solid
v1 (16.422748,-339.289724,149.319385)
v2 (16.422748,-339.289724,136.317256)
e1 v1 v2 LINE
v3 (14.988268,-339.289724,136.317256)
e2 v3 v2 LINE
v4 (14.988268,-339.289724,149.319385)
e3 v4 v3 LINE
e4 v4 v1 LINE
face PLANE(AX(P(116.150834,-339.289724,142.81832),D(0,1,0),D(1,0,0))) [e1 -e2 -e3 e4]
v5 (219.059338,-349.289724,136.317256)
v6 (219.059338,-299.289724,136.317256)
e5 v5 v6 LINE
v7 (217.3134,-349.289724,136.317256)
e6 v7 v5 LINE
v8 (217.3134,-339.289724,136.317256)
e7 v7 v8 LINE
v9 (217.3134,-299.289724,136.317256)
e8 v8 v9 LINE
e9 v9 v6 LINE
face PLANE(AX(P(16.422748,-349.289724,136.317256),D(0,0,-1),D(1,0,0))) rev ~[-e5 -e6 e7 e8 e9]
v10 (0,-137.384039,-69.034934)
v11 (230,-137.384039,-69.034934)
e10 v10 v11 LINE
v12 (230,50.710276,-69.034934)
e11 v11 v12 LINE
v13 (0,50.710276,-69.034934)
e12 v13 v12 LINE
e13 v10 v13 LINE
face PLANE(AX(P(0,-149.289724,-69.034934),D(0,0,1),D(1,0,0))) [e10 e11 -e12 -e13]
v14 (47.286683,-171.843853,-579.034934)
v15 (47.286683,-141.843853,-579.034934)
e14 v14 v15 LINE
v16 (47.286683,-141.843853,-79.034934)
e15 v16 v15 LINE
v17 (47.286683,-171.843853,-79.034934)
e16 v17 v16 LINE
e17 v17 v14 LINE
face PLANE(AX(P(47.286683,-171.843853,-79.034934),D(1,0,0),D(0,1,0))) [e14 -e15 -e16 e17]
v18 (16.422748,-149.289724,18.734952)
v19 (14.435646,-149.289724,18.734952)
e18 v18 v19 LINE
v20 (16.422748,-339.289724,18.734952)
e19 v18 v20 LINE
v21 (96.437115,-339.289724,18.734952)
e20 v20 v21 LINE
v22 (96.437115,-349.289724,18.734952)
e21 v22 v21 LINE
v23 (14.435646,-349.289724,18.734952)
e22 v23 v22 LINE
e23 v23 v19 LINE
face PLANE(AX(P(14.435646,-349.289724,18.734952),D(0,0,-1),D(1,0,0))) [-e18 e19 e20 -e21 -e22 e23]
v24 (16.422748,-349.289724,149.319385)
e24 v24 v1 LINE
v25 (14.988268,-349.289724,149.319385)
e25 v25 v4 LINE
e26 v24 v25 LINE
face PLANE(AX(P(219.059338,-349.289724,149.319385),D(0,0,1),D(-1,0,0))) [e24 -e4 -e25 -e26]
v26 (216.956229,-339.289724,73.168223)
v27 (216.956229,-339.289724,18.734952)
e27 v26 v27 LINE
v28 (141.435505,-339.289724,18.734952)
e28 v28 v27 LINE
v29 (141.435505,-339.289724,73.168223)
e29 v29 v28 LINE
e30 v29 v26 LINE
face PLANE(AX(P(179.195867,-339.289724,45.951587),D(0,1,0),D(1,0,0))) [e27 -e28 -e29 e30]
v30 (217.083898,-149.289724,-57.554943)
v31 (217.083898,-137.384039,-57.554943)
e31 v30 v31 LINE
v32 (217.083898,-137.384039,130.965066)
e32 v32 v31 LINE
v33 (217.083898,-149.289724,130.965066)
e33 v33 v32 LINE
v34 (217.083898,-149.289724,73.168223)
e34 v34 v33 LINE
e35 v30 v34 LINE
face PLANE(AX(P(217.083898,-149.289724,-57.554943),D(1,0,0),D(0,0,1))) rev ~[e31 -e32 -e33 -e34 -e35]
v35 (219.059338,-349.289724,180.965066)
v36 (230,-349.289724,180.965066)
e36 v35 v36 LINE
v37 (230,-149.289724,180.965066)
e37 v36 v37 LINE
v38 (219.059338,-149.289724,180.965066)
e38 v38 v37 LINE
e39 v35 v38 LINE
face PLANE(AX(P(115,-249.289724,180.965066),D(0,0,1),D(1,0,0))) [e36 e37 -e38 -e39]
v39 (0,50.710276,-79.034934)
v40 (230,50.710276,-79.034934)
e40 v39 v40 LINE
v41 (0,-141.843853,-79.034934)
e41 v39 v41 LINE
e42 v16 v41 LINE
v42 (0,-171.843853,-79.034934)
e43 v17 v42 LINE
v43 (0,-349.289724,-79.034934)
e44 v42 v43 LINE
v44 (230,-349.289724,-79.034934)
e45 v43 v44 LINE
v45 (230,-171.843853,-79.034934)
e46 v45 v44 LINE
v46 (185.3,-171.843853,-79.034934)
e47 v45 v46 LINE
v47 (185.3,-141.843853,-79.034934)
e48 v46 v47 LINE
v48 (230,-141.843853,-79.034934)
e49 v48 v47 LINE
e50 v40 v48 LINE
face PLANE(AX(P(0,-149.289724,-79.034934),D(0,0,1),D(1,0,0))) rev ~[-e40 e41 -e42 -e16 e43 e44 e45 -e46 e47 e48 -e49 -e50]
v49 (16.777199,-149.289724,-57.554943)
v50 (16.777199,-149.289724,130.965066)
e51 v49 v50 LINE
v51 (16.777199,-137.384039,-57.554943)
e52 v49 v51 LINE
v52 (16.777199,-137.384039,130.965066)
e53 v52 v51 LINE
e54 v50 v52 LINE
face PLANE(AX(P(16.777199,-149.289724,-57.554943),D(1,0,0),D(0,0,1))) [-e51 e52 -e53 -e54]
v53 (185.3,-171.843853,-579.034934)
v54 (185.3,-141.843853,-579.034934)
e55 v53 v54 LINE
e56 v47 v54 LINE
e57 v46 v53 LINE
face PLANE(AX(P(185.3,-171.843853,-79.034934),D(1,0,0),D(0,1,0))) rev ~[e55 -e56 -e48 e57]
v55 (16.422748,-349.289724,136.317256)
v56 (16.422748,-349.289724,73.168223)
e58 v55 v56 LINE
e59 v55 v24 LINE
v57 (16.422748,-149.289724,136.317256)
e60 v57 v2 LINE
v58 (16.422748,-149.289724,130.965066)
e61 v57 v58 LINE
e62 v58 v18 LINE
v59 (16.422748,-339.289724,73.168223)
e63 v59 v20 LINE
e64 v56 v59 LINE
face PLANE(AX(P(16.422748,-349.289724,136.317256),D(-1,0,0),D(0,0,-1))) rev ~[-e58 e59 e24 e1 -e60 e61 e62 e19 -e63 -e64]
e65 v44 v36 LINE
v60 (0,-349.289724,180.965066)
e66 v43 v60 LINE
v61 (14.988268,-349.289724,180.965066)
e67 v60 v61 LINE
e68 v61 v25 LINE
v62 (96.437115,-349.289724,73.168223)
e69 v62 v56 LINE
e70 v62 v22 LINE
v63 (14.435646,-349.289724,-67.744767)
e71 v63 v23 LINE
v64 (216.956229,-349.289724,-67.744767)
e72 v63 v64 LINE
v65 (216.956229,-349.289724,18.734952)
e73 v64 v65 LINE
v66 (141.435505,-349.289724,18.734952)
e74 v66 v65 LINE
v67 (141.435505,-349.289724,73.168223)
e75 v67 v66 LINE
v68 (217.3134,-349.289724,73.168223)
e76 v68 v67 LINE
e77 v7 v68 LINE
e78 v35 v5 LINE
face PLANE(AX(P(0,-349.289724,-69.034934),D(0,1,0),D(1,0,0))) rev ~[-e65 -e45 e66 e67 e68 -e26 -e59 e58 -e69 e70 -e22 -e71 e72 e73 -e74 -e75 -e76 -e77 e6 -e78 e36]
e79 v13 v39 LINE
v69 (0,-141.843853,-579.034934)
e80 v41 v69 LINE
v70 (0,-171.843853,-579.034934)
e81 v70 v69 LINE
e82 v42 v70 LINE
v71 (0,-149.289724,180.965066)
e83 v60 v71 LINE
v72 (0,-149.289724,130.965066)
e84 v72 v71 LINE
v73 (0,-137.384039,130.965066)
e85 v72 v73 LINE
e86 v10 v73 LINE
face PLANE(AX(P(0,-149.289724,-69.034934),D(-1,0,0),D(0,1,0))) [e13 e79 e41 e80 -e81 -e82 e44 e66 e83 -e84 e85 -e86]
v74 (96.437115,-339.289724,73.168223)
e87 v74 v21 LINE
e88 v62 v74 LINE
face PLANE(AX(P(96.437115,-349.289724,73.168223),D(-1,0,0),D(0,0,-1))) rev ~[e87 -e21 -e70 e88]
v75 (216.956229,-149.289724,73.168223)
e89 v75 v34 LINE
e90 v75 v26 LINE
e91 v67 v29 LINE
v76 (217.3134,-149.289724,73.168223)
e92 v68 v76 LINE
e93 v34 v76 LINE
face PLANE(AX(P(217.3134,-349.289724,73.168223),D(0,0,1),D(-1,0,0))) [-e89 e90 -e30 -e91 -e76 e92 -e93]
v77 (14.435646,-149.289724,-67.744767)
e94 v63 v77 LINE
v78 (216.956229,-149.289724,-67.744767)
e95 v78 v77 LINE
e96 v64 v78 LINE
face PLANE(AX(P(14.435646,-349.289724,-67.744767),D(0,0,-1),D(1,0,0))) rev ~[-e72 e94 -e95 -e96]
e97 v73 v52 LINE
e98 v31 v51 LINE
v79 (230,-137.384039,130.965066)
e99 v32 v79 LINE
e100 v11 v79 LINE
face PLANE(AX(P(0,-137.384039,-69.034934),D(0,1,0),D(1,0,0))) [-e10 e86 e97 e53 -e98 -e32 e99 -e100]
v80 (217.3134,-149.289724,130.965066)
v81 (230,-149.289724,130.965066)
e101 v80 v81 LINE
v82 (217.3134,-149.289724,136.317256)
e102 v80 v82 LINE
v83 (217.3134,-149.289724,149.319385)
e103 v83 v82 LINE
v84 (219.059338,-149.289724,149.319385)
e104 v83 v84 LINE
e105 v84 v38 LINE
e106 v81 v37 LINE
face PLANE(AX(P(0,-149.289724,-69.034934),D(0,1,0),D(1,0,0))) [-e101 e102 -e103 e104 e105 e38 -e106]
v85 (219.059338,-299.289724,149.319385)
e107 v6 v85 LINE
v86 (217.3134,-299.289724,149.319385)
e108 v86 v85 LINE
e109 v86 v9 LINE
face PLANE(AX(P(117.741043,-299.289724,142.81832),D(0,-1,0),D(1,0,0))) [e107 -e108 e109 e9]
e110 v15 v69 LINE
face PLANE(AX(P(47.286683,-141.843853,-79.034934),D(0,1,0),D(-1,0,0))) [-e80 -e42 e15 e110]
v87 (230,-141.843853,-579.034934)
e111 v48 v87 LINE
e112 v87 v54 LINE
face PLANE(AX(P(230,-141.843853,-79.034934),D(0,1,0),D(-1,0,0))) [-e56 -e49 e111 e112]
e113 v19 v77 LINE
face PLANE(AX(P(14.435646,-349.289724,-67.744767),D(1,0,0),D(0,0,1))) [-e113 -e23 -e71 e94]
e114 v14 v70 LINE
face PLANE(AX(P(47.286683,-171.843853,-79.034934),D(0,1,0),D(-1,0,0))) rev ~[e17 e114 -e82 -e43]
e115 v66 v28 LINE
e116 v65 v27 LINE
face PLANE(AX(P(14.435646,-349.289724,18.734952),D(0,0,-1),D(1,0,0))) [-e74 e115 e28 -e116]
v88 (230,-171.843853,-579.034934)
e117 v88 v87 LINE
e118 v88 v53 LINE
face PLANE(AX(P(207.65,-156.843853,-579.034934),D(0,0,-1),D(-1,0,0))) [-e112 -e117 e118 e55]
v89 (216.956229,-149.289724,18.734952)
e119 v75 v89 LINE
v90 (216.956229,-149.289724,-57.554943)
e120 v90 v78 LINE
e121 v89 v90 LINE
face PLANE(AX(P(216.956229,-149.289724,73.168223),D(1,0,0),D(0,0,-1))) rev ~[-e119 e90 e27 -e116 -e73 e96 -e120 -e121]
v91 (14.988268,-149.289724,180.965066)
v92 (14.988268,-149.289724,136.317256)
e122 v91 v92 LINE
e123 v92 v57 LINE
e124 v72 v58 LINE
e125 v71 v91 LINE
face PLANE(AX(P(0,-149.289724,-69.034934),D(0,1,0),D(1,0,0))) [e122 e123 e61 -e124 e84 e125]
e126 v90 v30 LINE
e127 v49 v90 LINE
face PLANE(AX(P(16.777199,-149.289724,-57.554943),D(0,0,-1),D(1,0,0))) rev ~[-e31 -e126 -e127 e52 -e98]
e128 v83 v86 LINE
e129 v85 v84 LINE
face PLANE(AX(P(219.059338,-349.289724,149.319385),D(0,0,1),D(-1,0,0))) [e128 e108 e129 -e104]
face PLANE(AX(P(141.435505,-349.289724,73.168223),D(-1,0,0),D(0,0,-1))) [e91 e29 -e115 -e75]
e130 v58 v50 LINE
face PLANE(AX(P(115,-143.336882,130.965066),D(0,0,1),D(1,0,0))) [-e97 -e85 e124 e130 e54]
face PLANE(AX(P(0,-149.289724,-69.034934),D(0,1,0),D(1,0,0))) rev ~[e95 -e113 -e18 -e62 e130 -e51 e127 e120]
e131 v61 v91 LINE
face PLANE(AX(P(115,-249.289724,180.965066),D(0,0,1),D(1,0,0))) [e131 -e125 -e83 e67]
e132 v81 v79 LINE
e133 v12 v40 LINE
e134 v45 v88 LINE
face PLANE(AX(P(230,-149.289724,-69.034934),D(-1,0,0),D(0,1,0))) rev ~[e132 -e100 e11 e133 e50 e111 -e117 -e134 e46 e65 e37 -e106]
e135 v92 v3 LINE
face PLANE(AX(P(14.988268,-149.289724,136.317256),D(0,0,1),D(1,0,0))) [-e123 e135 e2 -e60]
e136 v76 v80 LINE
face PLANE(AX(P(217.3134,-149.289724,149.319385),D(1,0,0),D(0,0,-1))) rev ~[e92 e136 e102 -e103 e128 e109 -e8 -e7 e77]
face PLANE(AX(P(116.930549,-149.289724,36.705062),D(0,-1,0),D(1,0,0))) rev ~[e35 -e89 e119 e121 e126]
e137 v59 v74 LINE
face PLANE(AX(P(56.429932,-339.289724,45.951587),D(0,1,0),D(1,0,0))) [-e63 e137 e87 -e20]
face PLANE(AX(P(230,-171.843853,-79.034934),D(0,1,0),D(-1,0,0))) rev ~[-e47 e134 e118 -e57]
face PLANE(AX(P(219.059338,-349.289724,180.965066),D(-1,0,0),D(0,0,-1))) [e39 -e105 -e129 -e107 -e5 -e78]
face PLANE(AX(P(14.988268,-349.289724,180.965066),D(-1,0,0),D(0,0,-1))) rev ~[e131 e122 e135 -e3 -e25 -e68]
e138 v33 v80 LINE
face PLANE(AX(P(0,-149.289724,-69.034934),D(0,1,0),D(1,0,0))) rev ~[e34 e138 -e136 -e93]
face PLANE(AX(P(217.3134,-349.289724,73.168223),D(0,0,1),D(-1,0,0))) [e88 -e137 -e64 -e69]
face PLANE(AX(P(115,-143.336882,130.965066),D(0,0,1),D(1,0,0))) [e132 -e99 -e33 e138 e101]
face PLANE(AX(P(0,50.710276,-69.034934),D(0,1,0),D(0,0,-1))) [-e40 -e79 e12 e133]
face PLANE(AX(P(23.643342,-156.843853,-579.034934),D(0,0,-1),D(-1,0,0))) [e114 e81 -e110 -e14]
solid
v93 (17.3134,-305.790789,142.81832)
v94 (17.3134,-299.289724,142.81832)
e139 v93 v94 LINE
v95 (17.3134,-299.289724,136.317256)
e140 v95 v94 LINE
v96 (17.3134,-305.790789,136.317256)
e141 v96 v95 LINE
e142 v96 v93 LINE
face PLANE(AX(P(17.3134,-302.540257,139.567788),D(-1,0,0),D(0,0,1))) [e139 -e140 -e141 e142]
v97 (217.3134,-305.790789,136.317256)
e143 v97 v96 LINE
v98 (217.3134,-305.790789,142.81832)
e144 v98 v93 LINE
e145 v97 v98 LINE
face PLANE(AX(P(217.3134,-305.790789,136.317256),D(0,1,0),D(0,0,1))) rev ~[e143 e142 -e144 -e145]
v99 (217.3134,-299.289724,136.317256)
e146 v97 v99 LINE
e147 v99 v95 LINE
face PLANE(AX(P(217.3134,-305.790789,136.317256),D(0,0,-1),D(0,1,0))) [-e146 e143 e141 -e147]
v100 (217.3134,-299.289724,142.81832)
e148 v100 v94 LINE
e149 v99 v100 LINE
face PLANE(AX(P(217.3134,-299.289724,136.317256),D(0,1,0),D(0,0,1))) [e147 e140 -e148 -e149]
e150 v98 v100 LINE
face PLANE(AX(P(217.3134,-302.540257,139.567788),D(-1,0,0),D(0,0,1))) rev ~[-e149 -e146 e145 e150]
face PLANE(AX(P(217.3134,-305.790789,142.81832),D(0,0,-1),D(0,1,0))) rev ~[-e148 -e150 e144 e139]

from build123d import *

# Parameters (mm, degrees)
SKETCH_1_W           = 10
SKETCH_1_H           = 200
EXTRUDE_1_DEPTH      = 230
SKETCH_3_W           = 230
SKETCH_3_H           = 10
EXTRUDE_2_DEPTH      = 200
SKETCH_4_W           = 230
SKETCH_4_H           = 200
EXTRUDE_3_DEPTH      = 250
SKETCH_5_W           = 39.107317094
SKETCH_5_H           = 28.520826202
EXTRUDE_4_DEPTH      = 600
SKETCH_6_W           = 42.946967528
SKETCH_6_H           = 25.292733119
EXTRUDE_5_DEPTH      = 600
SKETCH_8_W           = 204.071070321
SKETCH_8_H           = 31.645680933
CUT_EXTRUDE_1_DEPTH  = 600
SKETCH_9_W           = 200.890651603
SKETCH_9_H           = 63.14903284
CUT_EXTRUDE_2_DEPTH  = 600
SKETCH_10_W          = 202.520583334
SKETCH_10_H          = 86.479719268
CUT_EXTRUDE_3_DEPTH  = 600
SKETCH_11_W          = 44.998390002
SKETCH_11_H          = 54.43327072
CUT_EXTRUDE_4_DEPTH  = 600
SKETCH_12_W          = 80.01436718
SKETCH_12_H          = 54.43327072
CUT_EXTRUDE_6_DEPTH  = 190
SKETCH_13_W          = 75.520724131
SKETCH_13_H          = 54.43327072
CUT_EXTRUDE_7_DEPTH  = 190
SKETCH_14_W          = 202.325132129
SKETCH_14_H          = 13.002129503
CUT_EXTRUDE_8_DEPTH  = 190
SKETCH_15_W          = 230
SKETCH_15_H          = 11.90568545
EXTRUDE_6_DEPTH      = 200
SKETCH_16_W          = 200.306698776
SKETCH_16_H          = 188.520008931
CUT_EXTRUDE_9_DEPTH  = 50
SKETCH_17_W          = 202.636589795
SKETCH_17_H          = 13.002129503
CUT_EXTRUDE_10_DEPTH = 50
SKETCH_18_W          = 6.501064751
SKETCH_18_H          = 6.501064751
EXTRUDE_9_DEPTH      = 200
SKETCH_19_W          = 39.107317094
SKETCH_19_H          = 50
CUT_EXTRUDE_11_DEPTH = 1000
SKETCH_20_W          = 42.946967528
SKETCH_20_H          = 50
CUT_EXTRUDE_12_DEPTH = 1000
SKETCH_21_W          = 39.107317094
SKETCH_21_H          = 50
CUT_EXTRUDE_13_DEPTH = 1000
SKETCH_22_W          = 42.946967528
SKETCH_22_H          = 50
CUT_EXTRUDE_14_DEPTH = 1000
SKETCH_23_W          = 39.107317094
SKETCH_23_H          = 28.520826202
CUT_EXTRUDE_15_DEPTH = 500
SKETCH_24_W          = 42.946967528
SKETCH_24_H          = 25.292733119
CUT_EXTRUDE_16_DEPTH = 500
SKETCH_25_W          = 44.7
SKETCH_25_H          = 30
SKETCH_25_W_2        = 47.286683307
EXTRUDE_10_DEPTH     = 500


with BuildPart() as part:
    # 草图1 → 凸台-拉伸1 (new body)
    with BuildSketch(Plane(origin=(0, 0, 0), x_dir=(0, 0, -1), z_dir=(1, 0, 0))):
        with Locations((74.034934024, -49.289724413)):
            Rectangle(SKETCH_1_W, SKETCH_1_H)
    extrude(amount=EXTRUDE_1_DEPTH)

    # 草图3 → 凸台-拉伸2 (add)
    with BuildSketch(Plane.XZ.offset(149.289724413)):
        with Locations((115, -74.034934024)):
            Rectangle(SKETCH_3_W, SKETCH_3_H)
    extrude(amount=EXTRUDE_2_DEPTH)

    # 草图4 → 凸台-拉伸3 (add)
    with BuildSketch(Plane.XY.offset(-69.034934024)):
        with Locations((115, -249.289724413)):
            Rectangle(SKETCH_4_W, SKETCH_4_H)
    extrude(amount=EXTRUDE_3_DEPTH)

    # 草图5 → 凸台-拉伸4 (add)
    with BuildSketch(Plane(origin=(0, 0, -79.034934024), x_dir=(-1, 0, 0), z_dir=(0, 0, -1))):
        with Locations((-19.553658547, -97.170506203)):
            Rectangle(SKETCH_5_W, SKETCH_5_H)
    extrude(amount=EXTRUDE_4_DEPTH)

    # 草图6 → 凸台-拉伸5 (add)
    with BuildSketch(Plane(origin=(0, 0, -79.034934024), x_dir=(-1, 0, 0), z_dir=(0, 0, -1))):
        with Locations((-208.526516236, -89.203945076)):
            Rectangle(SKETCH_6_W, SKETCH_6_H)
    extrude(amount=EXTRUDE_5_DEPTH)

    # 草图8 → 切除-拉伸1 (cut)
    with BuildSketch(Plane(origin=(0, -349.289724413, 0), x_dir=(-1, 0, 0), z_dir=(0, -1, 0))):
        with Locations((-117.023802755, -165.14222551)):
            Rectangle(SKETCH_8_W, SKETCH_8_H)
    extrude(amount=-CUT_EXTRUDE_1_DEPTH, mode=Mode.SUBTRACT)

    # 草图9 → 切除-拉伸2 (cut)
    with BuildSketch(Plane(origin=(0, -349.289724413, 0), x_dir=(-1, 0, 0), z_dir=(0, -1, 0))):
        with Locations((-116.868073921, -104.74273912)):
            Rectangle(SKETCH_9_W, SKETCH_9_H)
    extrude(amount=-CUT_EXTRUDE_2_DEPTH, mode=Mode.SUBTRACT)

    # 草图10 → 切除-拉伸3 (cut)
    with BuildSketch(Plane.XZ.offset(349.289724413)):
        with Locations((115.695937766, -24.504907654)):
            Rectangle(SKETCH_10_W, SKETCH_10_H)
    extrude(amount=-CUT_EXTRUDE_3_DEPTH, mode=Mode.SUBTRACT)

    # 草图11 → 切除-拉伸4 (cut)
    with BuildSketch(Plane(origin=(0, -349.289724413, 0), x_dir=(-1, 0, 0), z_dir=(0, -1, 0))):
        with Locations((-118.936310301, -45.95158734)):
            Rectangle(SKETCH_11_W, SKETCH_11_H)
    extrude(amount=-CUT_EXTRUDE_4_DEPTH, mode=Mode.SUBTRACT)

    # 草图12 → 切除-拉伸6 (cut)
    with BuildSketch(Plane(origin=(0, -149.289724413, 0), x_dir=(1, 0, 0), z_dir=(0, 1, 0))):
        with Locations((56.42993171, -45.95158734)):
            Rectangle(SKETCH_12_W, SKETCH_12_H)
    extrude(amount=-CUT_EXTRUDE_6_DEPTH, mode=Mode.SUBTRACT)

    # 草图13 → 切除-拉伸7 (cut)
    with BuildSketch(Plane(origin=(0, -149.289724413, 0), x_dir=(1, 0, 0), z_dir=(0, 1, 0))):
        with Locations((179.195867368, -45.95158734)):
            Rectangle(SKETCH_13_W, SKETCH_13_H)
    extrude(amount=-CUT_EXTRUDE_7_DEPTH, mode=Mode.SUBTRACT)

    # 草图14 → 切除-拉伸8 (cut)
    with BuildSketch(Plane(origin=(0, -149.289724413, 0), x_dir=(1, 0, 0), z_dir=(0, 1, 0))):
        with Locations((116.150833659, -142.818320292)):
            Rectangle(SKETCH_14_W, SKETCH_14_H)
    extrude(amount=-CUT_EXTRUDE_8_DEPTH, mode=Mode.SUBTRACT)

    # 草图15 → 凸台-拉伸6 (add)
    with BuildSketch(Plane.XY.offset(-69.034934024)):
        with Locations((115, -143.336881688)):
            Rectangle(SKETCH_15_W, SKETCH_15_H)
    extrude(amount=EXTRUDE_6_DEPTH)

    # 草图16 → 切除-拉伸9 (cut)
    with BuildSketch(Plane.XZ.offset(149.289724413)):
        with Locations((116.930548552, 36.705061511)):
            Rectangle(SKETCH_16_W, SKETCH_16_H)
    extrude(amount=-CUT_EXTRUDE_9_DEPTH, mode=Mode.SUBTRACT)

    # 草图17 → 切除-拉伸10 (cut)
    with BuildSketch(Plane.XZ.offset(349.289724413)):
        with Locations((117.741043018, 142.818320292)):
            Rectangle(SKETCH_17_W, SKETCH_17_H)
    extrude(amount=-CUT_EXTRUDE_10_DEPTH, mode=Mode.SUBTRACT)

    # 草图19 → 切除-拉伸11 (cut)
    with BuildSketch(Plane(origin=(0, -82.910093102, 0), x_dir=(1, 0, 0), z_dir=(0, 1, 0))):
        with Locations((19.553658547, 654.034934024)):
            Rectangle(SKETCH_19_W, SKETCH_19_H)
    extrude(amount=-CUT_EXTRUDE_11_DEPTH, mode=Mode.SUBTRACT)

    # 草图20 → 切除-拉伸12 (cut)
    with BuildSketch(Plane(origin=(0, -76.557578516, 0), x_dir=(1, 0, 0), z_dir=(0, 1, 0))):
        with Locations((208.526516236, 654.034934024)):
            Rectangle(SKETCH_20_W, SKETCH_20_H)
    extrude(amount=-CUT_EXTRUDE_12_DEPTH, mode=Mode.SUBTRACT)

    # 草图21 → 切除-拉伸13 (cut)
    with BuildSketch(Plane(origin=(0, -82.910093102, 0), x_dir=(1, 0, 0), z_dir=(0, 1, 0))):
        with Locations((19.553658547, 604.034934024)):
            Rectangle(SKETCH_21_W, SKETCH_21_H)
    extrude(amount=-CUT_EXTRUDE_13_DEPTH, mode=Mode.SUBTRACT)

    # 草图22 → 切除-拉伸14 (cut)
    with BuildSketch(Plane(origin=(0, -76.557578516, 0), x_dir=(1, 0, 0), z_dir=(0, 1, 0))):
        with Locations((208.526516236, 604.034934024)):
            Rectangle(SKETCH_22_W, SKETCH_22_H)
    extrude(amount=-CUT_EXTRUDE_14_DEPTH, mode=Mode.SUBTRACT)

    # 草图23 → 切除-拉伸15 (cut)
    with BuildSketch(Plane(origin=(0, 0, -579.034934024), x_dir=(-1, 0, 0), z_dir=(0, 0, -1))):
        with Locations((-19.553658547, -97.170506203)):
            Rectangle(SKETCH_23_W, SKETCH_23_H)
    extrude(amount=-CUT_EXTRUDE_15_DEPTH, mode=Mode.SUBTRACT)

    # 草图24 → 切除-拉伸16 (cut)
    with BuildSketch(Plane(origin=(0, 0, -579.034934024), x_dir=(-1, 0, 0), z_dir=(0, 0, -1))):
        with Locations((-208.526516236, -89.203945076)):
            Rectangle(SKETCH_24_W, SKETCH_24_H)
    extrude(amount=-CUT_EXTRUDE_16_DEPTH, mode=Mode.SUBTRACT)

    # 草图25 → 凸台-拉伸10 (add)
    with BuildSketch(Plane(origin=(0, 0, -79.034934024), x_dir=(-1, 0, 0), z_dir=(0, 0, -1))):
        with Locations((-207.65, -156.843853199)):
            Rectangle(SKETCH_25_W, SKETCH_25_H)
        with Locations((-23.643341654, -156.843853199)):
            Rectangle(SKETCH_25_W_2, SKETCH_25_H)
    extrude(amount=EXTRUDE_10_DEPTH)


with BuildPart() as body_2:
    # 草图18 → 凸台-拉伸9 (new body)
    with BuildSketch(Plane.ZY.offset(-217.313399723)):
        with Locations((139.567787916, -302.540256789)):
            Rectangle(SKETCH_18_W, SKETCH_18_H)
    extrude(amount=EXTRUDE_9_DEPTH)


solid = Compound([part.part, body_2.part])
